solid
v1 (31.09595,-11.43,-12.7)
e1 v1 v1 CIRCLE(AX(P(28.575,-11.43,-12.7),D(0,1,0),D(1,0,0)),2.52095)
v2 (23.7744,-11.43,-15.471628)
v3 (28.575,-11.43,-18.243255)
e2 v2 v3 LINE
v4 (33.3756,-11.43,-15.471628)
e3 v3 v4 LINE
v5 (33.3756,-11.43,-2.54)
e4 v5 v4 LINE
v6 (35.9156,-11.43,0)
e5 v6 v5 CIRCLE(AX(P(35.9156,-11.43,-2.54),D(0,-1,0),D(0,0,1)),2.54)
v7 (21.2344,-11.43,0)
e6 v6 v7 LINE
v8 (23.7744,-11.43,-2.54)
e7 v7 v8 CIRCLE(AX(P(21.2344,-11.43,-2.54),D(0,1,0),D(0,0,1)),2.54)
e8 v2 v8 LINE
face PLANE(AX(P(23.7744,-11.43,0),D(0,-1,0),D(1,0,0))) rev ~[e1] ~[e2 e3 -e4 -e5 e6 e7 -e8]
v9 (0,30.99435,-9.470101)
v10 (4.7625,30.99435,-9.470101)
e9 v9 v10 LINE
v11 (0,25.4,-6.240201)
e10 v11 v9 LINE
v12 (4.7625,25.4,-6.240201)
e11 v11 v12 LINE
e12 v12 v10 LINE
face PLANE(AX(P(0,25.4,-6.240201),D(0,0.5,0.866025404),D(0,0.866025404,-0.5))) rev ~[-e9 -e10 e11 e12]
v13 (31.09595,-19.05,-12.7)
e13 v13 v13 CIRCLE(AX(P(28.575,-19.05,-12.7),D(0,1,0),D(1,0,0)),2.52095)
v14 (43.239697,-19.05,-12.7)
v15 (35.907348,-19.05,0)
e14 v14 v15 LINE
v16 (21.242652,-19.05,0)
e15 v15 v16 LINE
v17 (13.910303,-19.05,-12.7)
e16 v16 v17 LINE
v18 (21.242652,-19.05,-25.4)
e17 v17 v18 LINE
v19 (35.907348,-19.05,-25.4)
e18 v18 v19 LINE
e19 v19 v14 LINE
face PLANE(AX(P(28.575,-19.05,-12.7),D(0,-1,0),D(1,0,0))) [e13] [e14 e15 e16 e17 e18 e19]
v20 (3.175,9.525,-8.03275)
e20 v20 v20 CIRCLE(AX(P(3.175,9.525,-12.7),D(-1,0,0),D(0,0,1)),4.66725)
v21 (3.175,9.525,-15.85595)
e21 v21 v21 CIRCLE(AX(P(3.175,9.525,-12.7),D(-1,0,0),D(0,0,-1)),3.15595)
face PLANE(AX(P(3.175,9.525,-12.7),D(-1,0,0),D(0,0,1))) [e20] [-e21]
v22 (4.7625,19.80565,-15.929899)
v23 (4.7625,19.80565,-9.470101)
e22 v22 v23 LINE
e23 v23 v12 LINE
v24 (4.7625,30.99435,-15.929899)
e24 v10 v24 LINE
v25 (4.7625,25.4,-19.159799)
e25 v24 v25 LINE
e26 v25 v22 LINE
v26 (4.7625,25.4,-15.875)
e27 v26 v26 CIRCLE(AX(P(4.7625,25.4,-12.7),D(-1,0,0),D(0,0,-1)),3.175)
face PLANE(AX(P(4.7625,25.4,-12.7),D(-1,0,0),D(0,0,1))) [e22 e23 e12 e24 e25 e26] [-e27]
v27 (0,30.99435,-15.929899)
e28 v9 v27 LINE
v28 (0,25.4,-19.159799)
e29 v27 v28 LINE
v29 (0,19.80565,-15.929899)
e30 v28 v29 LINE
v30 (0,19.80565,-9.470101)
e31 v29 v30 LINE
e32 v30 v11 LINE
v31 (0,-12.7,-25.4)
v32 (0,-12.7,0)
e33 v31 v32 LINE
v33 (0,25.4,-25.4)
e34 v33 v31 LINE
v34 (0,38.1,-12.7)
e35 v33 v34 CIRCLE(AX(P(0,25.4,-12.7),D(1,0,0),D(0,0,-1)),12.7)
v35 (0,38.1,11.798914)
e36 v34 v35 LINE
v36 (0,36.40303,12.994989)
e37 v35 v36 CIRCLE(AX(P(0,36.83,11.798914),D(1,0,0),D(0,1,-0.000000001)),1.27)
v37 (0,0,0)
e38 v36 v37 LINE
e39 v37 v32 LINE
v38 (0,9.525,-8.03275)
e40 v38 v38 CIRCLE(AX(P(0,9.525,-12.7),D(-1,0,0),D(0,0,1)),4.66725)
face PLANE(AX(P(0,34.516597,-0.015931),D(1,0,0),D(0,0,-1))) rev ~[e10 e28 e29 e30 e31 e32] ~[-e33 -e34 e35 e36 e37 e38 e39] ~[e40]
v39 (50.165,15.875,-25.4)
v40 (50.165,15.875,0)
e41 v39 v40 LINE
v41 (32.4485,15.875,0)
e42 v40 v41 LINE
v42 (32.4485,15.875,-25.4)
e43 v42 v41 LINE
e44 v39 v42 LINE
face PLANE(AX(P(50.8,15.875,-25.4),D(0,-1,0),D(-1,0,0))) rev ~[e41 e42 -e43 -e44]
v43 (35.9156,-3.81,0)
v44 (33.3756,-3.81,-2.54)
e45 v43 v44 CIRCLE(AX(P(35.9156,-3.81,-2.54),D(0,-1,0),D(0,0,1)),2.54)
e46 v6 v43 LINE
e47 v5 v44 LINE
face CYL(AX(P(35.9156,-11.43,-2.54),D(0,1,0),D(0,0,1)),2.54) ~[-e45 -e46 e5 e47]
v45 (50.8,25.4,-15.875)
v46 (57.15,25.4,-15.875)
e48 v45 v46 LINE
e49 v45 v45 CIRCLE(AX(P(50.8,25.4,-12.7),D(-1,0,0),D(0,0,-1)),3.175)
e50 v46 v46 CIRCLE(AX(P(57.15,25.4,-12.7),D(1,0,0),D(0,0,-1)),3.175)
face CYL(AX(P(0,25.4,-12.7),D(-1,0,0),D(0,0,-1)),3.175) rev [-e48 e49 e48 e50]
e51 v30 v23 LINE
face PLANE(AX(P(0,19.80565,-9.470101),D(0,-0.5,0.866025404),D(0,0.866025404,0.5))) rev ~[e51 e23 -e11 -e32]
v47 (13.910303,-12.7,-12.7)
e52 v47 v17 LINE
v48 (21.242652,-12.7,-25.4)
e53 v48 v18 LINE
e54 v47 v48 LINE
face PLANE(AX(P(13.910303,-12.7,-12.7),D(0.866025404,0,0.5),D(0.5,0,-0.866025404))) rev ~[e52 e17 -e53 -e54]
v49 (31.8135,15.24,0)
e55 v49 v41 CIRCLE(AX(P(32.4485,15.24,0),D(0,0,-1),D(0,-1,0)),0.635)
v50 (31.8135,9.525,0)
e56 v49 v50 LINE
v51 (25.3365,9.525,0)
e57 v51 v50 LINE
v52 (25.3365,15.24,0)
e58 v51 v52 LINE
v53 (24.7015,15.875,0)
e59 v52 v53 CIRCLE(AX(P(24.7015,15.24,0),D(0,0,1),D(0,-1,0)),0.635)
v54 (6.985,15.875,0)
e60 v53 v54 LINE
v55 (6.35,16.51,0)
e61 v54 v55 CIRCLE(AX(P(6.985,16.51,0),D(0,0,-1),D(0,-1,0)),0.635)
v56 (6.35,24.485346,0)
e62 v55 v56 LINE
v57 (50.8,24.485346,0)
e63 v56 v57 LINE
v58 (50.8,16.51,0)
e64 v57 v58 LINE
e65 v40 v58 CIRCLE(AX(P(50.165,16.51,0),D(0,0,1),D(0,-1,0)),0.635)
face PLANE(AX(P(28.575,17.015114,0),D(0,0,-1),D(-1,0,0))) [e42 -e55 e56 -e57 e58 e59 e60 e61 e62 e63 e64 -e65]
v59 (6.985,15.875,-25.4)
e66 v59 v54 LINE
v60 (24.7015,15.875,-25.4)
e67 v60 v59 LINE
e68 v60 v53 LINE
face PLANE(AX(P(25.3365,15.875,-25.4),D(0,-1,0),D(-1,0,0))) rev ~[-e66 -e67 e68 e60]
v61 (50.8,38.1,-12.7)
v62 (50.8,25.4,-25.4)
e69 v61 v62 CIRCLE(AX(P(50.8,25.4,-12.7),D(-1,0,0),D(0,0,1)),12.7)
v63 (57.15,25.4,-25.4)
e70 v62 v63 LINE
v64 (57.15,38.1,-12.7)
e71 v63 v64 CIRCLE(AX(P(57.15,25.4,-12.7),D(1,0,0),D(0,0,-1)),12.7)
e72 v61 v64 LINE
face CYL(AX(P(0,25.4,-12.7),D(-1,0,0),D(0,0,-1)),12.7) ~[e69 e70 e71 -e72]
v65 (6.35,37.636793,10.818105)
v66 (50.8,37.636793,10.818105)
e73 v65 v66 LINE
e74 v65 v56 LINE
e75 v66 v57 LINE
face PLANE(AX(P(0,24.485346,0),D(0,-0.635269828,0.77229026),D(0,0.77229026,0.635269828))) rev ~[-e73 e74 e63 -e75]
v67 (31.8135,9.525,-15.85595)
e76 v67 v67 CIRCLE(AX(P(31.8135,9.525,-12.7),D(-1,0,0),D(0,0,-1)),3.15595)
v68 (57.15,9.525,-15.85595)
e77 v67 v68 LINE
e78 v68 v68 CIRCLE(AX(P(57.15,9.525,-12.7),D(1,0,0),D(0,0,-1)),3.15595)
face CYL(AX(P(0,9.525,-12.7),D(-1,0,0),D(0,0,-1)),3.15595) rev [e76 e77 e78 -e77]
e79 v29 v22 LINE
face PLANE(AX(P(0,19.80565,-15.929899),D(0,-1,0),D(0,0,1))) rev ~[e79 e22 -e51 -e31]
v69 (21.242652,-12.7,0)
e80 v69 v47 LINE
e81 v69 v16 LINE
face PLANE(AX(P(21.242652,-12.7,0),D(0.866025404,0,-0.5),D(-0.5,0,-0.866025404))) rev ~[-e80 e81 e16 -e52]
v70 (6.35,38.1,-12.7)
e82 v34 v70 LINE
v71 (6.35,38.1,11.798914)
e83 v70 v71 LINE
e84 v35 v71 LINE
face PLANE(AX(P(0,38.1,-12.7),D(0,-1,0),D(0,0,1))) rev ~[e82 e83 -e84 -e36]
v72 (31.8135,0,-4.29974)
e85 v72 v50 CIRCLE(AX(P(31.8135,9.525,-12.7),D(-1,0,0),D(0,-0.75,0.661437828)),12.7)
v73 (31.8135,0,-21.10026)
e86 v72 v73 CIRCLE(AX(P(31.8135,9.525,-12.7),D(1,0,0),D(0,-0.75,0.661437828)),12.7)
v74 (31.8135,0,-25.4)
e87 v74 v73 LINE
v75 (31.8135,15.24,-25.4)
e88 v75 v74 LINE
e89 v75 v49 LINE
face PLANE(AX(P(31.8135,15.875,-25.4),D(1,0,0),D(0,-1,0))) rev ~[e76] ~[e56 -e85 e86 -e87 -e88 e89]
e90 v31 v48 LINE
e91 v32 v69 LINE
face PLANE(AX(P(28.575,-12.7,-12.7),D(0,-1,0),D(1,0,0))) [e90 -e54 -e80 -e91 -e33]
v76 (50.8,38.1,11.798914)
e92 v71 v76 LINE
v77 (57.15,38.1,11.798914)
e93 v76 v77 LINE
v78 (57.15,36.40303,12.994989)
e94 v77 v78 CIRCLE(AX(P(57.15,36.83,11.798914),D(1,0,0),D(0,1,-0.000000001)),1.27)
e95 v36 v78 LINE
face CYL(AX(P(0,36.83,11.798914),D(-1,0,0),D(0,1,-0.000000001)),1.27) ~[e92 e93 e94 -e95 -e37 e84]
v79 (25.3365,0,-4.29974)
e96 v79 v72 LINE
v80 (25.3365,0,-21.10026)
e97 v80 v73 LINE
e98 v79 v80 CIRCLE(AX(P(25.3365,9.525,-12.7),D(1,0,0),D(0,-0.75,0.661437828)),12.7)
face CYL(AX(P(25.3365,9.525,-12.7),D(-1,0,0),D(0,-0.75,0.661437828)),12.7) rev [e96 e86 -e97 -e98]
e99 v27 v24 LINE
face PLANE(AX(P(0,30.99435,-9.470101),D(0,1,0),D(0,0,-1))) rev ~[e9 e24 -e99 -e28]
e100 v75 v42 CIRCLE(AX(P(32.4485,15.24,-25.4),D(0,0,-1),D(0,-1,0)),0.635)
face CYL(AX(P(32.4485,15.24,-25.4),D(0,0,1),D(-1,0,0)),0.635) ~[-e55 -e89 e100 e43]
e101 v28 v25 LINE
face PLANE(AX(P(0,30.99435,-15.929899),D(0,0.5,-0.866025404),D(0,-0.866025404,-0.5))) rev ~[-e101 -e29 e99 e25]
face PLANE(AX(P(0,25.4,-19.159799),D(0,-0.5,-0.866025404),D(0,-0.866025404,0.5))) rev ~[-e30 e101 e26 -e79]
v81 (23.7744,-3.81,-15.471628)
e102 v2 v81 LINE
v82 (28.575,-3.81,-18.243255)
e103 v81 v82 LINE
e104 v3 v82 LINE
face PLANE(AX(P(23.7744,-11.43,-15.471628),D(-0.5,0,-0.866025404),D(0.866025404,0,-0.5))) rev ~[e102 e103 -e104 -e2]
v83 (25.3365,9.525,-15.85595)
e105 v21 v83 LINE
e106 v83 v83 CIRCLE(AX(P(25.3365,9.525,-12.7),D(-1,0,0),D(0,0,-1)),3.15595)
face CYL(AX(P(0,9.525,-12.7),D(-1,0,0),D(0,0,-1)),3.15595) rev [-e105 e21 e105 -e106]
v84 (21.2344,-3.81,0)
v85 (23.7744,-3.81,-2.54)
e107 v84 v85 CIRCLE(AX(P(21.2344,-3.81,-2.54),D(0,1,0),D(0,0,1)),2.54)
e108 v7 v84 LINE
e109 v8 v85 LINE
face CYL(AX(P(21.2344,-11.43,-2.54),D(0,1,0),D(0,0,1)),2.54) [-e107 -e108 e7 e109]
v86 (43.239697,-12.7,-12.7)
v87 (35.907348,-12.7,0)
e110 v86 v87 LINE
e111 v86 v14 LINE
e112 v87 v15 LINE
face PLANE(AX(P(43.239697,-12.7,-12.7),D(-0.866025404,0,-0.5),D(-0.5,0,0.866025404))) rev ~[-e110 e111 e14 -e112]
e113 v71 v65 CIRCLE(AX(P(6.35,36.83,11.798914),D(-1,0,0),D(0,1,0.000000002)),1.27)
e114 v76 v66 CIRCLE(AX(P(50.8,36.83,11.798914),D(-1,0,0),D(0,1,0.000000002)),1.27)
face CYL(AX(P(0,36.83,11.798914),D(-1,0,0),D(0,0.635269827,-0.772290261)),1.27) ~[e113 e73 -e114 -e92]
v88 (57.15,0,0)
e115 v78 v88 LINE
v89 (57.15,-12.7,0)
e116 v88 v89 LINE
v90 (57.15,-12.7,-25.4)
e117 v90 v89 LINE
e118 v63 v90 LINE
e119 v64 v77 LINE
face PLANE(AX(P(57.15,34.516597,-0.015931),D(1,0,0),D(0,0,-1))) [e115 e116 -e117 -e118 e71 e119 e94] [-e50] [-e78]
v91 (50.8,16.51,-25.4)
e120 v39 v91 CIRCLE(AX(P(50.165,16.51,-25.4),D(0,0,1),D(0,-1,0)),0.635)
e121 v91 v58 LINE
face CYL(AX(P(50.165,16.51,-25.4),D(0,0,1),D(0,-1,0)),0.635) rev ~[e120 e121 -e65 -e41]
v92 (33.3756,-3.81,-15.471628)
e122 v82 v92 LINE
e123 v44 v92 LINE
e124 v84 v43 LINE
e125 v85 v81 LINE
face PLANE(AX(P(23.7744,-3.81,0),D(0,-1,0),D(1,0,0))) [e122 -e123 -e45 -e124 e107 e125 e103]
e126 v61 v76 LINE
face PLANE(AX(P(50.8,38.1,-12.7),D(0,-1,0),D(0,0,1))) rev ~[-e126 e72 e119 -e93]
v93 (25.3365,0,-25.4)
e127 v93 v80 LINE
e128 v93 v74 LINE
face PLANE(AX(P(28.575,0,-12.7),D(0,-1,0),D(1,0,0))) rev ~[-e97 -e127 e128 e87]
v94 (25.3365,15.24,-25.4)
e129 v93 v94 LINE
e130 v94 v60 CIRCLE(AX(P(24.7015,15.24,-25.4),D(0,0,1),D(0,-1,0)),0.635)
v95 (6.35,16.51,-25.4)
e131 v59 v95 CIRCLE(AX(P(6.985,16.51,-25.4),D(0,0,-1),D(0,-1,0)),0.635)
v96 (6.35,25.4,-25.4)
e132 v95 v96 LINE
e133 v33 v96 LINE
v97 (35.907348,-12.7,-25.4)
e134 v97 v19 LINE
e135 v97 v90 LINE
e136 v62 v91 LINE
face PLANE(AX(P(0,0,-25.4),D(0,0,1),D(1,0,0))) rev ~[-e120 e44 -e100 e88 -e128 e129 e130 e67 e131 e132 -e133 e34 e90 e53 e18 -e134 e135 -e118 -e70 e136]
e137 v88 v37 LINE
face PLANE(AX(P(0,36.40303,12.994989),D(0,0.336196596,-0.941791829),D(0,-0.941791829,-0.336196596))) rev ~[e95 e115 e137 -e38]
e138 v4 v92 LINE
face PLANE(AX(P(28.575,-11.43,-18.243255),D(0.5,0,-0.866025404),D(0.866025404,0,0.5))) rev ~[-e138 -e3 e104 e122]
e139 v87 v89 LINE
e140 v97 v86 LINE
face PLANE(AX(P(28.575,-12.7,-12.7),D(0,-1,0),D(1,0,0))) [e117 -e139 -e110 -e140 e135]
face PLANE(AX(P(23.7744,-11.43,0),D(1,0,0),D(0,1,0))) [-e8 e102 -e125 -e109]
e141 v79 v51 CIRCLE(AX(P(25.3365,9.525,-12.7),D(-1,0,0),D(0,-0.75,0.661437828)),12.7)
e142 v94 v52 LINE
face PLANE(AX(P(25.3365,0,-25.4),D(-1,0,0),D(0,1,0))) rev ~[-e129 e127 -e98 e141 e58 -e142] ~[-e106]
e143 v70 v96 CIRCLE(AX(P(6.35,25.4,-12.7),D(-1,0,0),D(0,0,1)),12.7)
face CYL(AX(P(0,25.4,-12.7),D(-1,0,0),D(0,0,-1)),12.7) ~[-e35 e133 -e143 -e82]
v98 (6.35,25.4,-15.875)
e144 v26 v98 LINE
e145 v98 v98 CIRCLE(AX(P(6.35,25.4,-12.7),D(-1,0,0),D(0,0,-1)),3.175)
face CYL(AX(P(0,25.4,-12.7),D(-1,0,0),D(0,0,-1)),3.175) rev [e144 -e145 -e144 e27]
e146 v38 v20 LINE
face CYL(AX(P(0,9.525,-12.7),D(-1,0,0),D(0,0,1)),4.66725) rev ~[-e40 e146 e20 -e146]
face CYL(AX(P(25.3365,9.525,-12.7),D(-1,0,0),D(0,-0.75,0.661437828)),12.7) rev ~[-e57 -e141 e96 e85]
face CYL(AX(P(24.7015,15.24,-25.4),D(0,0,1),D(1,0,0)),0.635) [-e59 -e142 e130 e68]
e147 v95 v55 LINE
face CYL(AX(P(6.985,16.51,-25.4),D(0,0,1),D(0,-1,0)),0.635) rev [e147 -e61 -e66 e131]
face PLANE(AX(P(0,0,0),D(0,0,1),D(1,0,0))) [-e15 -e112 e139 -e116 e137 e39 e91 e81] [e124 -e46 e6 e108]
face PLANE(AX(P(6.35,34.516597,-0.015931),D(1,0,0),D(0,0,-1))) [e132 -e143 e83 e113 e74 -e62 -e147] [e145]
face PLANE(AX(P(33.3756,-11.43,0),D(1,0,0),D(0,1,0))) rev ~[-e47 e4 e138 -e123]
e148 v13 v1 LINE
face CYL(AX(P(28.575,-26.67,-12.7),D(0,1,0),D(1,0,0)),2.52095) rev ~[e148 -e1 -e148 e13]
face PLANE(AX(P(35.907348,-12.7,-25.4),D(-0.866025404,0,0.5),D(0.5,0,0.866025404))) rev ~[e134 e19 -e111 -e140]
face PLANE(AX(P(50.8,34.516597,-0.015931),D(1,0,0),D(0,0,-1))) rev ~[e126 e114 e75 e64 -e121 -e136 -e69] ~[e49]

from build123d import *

# Parameters (mm, degrees)
SKETCH2_R                        = 3.15595
SKETCH2_R_2                      = 12.7
SKETCH2_R_3                      = 3.175
BOSS_EXTRUDE1_DEPTH              = 57.15
SKETCH3_W                        = 44.45
SKETCH3_H                        = 12.7
HOLLOWING_DEPTH                  = 25.4
FILLET2_R                        = 0.635
GEAR_CREVASE_DEPTH               = 6.477
SKETCH4_W                        = 57.15
SKETCH4_H                        = 25.4
BASE_EXTENSION_DEPTH             = 12.7
CAPTIVE_NUT_BORE_DEPTH           = 4.7625
HEX_CONNECTION_DEPTH             = 6.35
GEAR_CLEARANCE_DEPTH             = 6.477
BOSS_EXTRUDE6_DEPTH              = 6.35
BOSS_EXTRUDE7_START              = 50.8
BOSS_EXTRUDE7_DEPTH              = 6.35
SKETCH9_W                        = 9.6012
SKETCH9_H                        = 7.62
CUT_EXTRUDE5_DEPTH               = 11.43
CUT_EXTRUDE6_START               = -7.62
CUT_EXTRUDE6_DEPTH               = 7.62
F_10_0_1935_DIAMETER_HOLE1_D     = 5.0419
F_10_0_1935_DIAMETER_HOLE1_DEPTH = 7.62
FILLET3_R                        = 2.54
SKETCH14_R                       = 4.66725
CUT_EXTRUDE7_DEPTH               = 3.175


with BuildPart() as part:
    # Sketch2 → Boss-Extrude1 (new body)
    # profile 1 of 3: a face of its own
    with BuildSketch(Plane(origin=(0, 0, 0), x_dir=(0, 0, -1), z_dir=(1, 0, 0))):
        with BuildLine():
            Line((-12.994989453, 36.403030323), (0, 0))
            Line((0, 0), (0, 24.485346))
            Line((0, 24.485346), (-10.818105201, 37.636792682))
            ThreePointArc((-10.818105201, 37.636792682), (-11.256570169, 37.978374222), (-11.798913831, 38.1))
            ThreePointArc((-11.798913831, 38.1), (-12.83697729, 37.561658565), (-12.994989453, 36.403030323))
        make_face()
    # profile 2 of 3: a face of its own
    with BuildSketch(Plane(origin=(0, 0, 0), x_dir=(0, 0, -1), z_dir=(1, 0, 0))):
        with BuildLine():
            Line((0, 24.485346), (0, 0))
            Line((0, 0), (25.4, 0))
            Line((25.4, 0), (25.4, 25.4))
            ThreePointArc((25.4, 25.4), (12.7, 12.7), (0, 25.4))
            Line((0, 25.4), (0, 24.485346))
        make_face()
        with Locations((12.7, 9.525)):
            Circle(SKETCH2_R, mode=Mode.SUBTRACT)
    # profile 3 of 3: a face of its own
    with BuildSketch(Plane(origin=(0, 0, 0), x_dir=(0, 0, -1), z_dir=(1, 0, 0))):
        with Locations((12.7, 25.4)):
            Circle(SKETCH2_R_2)
        with Locations((12.7, 25.4)):
            Circle(SKETCH2_R_3, mode=Mode.SUBTRACT)
    extrude(amount=BOSS_EXTRUDE1_DEPTH)

    # Sketch3 → Hollowing (cut)
    with BuildSketch(Plane(origin=(0, 0, -25.4), x_dir=(-1, 0, 0), z_dir=(0, 0, -1))):
        Polygon((-50.8, 25.4), (-50.8, 15.875), (-31.8135, 15.875), (-31.8135, 0), (-25.3365, 0), (-25.3365, 15.875), (-6.35, 15.875), (-6.35, 25.4), align=None)
        with Locations((-28.575, 31.75)):
            Rectangle(SKETCH3_W, SKETCH3_H)
    extrude(amount=-HOLLOWING_DEPTH, mode=Mode.SUBTRACT)

    # Fillet2
    fillet2_edges = [part.edges().sort_by_distance(p)[0] for p in [
        (50.8, 15.875, -12.7),
        (25.3365, 15.875, -12.7),
        (31.8135, 15.875, -12.7),
        (6.35, 15.875, -12.7),
    ]]
    fillet(fillet2_edges, radius=FILLET2_R)

    # Sketch8 → Gear Crevase (add)
    with BuildSketch(Plane(origin=(25.3365, 0, 0), x_dir=(0, 0, -1), z_dir=(1, 0, 0))):
        with BuildLine():
            ThreePointArc((4.299739587, 0), (1.124739582, 4.299739599), (0, 9.525000025))
            Line((0, 9.525000025), (0, 0))
            Line((0, 0), (4.299739587, 0))
        make_face()
    extrude(amount=GEAR_CREVASE_DEPTH)

    # Sketch4 → Base Extension (add)
    with BuildSketch(Plane.XZ):
        with Locations((28.575, -12.7)):
            Rectangle(SKETCH4_W, SKETCH4_H)
    extrude(amount=BASE_EXTENSION_DEPTH)

    # Sketch7 → Captive Nut Bore (cut)
    with BuildSketch(Plane.ZY):
        Polygon((-9.470100522, 19.80565), (-6.240201043, 25.4), (-9.470100522, 30.99435), (-15.929899478, 30.99435), (-19.159798957, 25.4), (-15.929899478, 19.80565), align=None)
    extrude(amount=-CAPTIVE_NUT_BORE_DEPTH, mode=Mode.SUBTRACT)

    # Sketch5 → Hex Connection (add)
    with BuildSketch(Plane.XZ.offset(12.7)):
        Polygon((35.907348419, 0), (21.242651581, 0), (13.910303163, -12.7), (21.242651581, -25.4), (35.907348419, -25.4), (43.239696837, -12.7), align=None)
    extrude(amount=HEX_CONNECTION_DEPTH)

    # Sketch8<3> → Gear Clearance (cut)
    with BuildSketch(Plane(origin=(25.3365, 0, 0), x_dir=(0, 0, -1), z_dir=(1, 0, 0))):
        with BuildLine():
            Line((21.100260413, 0), (4.299739587, 0))
            ThreePointArc((4.299739587, 0), (12.7, -3.175), (21.100260413, 0))
        make_face()
    extrude(amount=GEAR_CLEARANCE_DEPTH, mode=Mode.SUBTRACT)

    # Sketch2<3> → Boss-Extrude6 (add)
    with BuildSketch(Plane(origin=(0, 0, 0), x_dir=(0, 0, -1), z_dir=(1, 0, 0))):
        with BuildLine():
            Line((-10.818105201, 37.636792682), (0, 24.485346))
            Line((0, 24.485346), (0, 25.4))
            ThreePointArc((0, 25.4), (3.719743879, 34.380256121), (12.7, 38.1))
            Line((12.7, 38.1), (-11.798913831, 38.1))
            ThreePointArc((-11.798913831, 38.1), (-11.256570169, 37.978374222), (-10.818105201, 37.636792682))
        make_face()
    extrude(amount=BOSS_EXTRUDE6_DEPTH)

    # Sketch2<4> → Boss-Extrude7 (add)
    with BuildSketch(Plane(origin=(0, 0, 0), x_dir=(0, 0, -1), z_dir=(1, 0, 0)).offset(BOSS_EXTRUDE7_START)):
        with BuildLine():
            Line((-10.818105201, 37.636792682), (0, 24.485346))
            Line((0, 24.485346), (0, 25.4))
            ThreePointArc((0, 25.4), (3.719743879, 34.380256121), (12.7, 38.1))
            Line((12.7, 38.1), (-11.798913831, 38.1))
            ThreePointArc((-11.798913831, 38.1), (-11.256570169, 37.978374222), (-10.818105201, 37.636792682))
        make_face()
    extrude(amount=BOSS_EXTRUDE7_DEPTH)

    # Sketch9 → Cut-Extrude5 (cut)
    with BuildSketch(Plane.XY):
        with Locations((28.575, -7.62)):
            Rectangle(SKETCH9_W, SKETCH9_H)
    extrude(amount=-CUT_EXTRUDE5_DEPTH, mode=Mode.SUBTRACT)

    # Sketch10 → Cut-Extrude6 (cut)
    with BuildSketch(Plane.XZ.offset(19.05).offset(CUT_EXTRUDE6_START)):
        Polygon((28.575, -7.156744595), (23.7744, -9.928372298), (23.7744, -15.471627702), (28.575, -18.243255405), (33.3756, -15.471627702), (33.3756, -9.928372298), align=None)
    extrude(amount=-CUT_EXTRUDE6_DEPTH, mode=Mode.SUBTRACT)

    # #10 (0.1935) Diameter Hole1
    with Locations(Plane(origin=(0, -19.05, 0), x_dir=(-1, 0, 0), z_dir=(0, -1, 0))):
        with Locations((-28.575, 12.7)):
            Hole(F_10_0_1935_DIAMETER_HOLE1_D / 2, depth=F_10_0_1935_DIAMETER_HOLE1_DEPTH)

    # Fillet3
    fillet3_edges = [part.edges().sort_by_distance(p)[0] for p in [
        (33.3756, -7.62, 0),
        (23.7744, -7.62, 0),
    ]]
    fillet(fillet3_edges, radius=FILLET3_R)

    # Sketch14 → Cut-Extrude7 (cut)
    with BuildSketch(Plane.ZY):
        with Locations((-12.7, 9.525)):
            Circle(SKETCH14_R)
    extrude(amount=-CUT_EXTRUDE7_DEPTH, mode=Mode.SUBTRACT)


solid = part.part
